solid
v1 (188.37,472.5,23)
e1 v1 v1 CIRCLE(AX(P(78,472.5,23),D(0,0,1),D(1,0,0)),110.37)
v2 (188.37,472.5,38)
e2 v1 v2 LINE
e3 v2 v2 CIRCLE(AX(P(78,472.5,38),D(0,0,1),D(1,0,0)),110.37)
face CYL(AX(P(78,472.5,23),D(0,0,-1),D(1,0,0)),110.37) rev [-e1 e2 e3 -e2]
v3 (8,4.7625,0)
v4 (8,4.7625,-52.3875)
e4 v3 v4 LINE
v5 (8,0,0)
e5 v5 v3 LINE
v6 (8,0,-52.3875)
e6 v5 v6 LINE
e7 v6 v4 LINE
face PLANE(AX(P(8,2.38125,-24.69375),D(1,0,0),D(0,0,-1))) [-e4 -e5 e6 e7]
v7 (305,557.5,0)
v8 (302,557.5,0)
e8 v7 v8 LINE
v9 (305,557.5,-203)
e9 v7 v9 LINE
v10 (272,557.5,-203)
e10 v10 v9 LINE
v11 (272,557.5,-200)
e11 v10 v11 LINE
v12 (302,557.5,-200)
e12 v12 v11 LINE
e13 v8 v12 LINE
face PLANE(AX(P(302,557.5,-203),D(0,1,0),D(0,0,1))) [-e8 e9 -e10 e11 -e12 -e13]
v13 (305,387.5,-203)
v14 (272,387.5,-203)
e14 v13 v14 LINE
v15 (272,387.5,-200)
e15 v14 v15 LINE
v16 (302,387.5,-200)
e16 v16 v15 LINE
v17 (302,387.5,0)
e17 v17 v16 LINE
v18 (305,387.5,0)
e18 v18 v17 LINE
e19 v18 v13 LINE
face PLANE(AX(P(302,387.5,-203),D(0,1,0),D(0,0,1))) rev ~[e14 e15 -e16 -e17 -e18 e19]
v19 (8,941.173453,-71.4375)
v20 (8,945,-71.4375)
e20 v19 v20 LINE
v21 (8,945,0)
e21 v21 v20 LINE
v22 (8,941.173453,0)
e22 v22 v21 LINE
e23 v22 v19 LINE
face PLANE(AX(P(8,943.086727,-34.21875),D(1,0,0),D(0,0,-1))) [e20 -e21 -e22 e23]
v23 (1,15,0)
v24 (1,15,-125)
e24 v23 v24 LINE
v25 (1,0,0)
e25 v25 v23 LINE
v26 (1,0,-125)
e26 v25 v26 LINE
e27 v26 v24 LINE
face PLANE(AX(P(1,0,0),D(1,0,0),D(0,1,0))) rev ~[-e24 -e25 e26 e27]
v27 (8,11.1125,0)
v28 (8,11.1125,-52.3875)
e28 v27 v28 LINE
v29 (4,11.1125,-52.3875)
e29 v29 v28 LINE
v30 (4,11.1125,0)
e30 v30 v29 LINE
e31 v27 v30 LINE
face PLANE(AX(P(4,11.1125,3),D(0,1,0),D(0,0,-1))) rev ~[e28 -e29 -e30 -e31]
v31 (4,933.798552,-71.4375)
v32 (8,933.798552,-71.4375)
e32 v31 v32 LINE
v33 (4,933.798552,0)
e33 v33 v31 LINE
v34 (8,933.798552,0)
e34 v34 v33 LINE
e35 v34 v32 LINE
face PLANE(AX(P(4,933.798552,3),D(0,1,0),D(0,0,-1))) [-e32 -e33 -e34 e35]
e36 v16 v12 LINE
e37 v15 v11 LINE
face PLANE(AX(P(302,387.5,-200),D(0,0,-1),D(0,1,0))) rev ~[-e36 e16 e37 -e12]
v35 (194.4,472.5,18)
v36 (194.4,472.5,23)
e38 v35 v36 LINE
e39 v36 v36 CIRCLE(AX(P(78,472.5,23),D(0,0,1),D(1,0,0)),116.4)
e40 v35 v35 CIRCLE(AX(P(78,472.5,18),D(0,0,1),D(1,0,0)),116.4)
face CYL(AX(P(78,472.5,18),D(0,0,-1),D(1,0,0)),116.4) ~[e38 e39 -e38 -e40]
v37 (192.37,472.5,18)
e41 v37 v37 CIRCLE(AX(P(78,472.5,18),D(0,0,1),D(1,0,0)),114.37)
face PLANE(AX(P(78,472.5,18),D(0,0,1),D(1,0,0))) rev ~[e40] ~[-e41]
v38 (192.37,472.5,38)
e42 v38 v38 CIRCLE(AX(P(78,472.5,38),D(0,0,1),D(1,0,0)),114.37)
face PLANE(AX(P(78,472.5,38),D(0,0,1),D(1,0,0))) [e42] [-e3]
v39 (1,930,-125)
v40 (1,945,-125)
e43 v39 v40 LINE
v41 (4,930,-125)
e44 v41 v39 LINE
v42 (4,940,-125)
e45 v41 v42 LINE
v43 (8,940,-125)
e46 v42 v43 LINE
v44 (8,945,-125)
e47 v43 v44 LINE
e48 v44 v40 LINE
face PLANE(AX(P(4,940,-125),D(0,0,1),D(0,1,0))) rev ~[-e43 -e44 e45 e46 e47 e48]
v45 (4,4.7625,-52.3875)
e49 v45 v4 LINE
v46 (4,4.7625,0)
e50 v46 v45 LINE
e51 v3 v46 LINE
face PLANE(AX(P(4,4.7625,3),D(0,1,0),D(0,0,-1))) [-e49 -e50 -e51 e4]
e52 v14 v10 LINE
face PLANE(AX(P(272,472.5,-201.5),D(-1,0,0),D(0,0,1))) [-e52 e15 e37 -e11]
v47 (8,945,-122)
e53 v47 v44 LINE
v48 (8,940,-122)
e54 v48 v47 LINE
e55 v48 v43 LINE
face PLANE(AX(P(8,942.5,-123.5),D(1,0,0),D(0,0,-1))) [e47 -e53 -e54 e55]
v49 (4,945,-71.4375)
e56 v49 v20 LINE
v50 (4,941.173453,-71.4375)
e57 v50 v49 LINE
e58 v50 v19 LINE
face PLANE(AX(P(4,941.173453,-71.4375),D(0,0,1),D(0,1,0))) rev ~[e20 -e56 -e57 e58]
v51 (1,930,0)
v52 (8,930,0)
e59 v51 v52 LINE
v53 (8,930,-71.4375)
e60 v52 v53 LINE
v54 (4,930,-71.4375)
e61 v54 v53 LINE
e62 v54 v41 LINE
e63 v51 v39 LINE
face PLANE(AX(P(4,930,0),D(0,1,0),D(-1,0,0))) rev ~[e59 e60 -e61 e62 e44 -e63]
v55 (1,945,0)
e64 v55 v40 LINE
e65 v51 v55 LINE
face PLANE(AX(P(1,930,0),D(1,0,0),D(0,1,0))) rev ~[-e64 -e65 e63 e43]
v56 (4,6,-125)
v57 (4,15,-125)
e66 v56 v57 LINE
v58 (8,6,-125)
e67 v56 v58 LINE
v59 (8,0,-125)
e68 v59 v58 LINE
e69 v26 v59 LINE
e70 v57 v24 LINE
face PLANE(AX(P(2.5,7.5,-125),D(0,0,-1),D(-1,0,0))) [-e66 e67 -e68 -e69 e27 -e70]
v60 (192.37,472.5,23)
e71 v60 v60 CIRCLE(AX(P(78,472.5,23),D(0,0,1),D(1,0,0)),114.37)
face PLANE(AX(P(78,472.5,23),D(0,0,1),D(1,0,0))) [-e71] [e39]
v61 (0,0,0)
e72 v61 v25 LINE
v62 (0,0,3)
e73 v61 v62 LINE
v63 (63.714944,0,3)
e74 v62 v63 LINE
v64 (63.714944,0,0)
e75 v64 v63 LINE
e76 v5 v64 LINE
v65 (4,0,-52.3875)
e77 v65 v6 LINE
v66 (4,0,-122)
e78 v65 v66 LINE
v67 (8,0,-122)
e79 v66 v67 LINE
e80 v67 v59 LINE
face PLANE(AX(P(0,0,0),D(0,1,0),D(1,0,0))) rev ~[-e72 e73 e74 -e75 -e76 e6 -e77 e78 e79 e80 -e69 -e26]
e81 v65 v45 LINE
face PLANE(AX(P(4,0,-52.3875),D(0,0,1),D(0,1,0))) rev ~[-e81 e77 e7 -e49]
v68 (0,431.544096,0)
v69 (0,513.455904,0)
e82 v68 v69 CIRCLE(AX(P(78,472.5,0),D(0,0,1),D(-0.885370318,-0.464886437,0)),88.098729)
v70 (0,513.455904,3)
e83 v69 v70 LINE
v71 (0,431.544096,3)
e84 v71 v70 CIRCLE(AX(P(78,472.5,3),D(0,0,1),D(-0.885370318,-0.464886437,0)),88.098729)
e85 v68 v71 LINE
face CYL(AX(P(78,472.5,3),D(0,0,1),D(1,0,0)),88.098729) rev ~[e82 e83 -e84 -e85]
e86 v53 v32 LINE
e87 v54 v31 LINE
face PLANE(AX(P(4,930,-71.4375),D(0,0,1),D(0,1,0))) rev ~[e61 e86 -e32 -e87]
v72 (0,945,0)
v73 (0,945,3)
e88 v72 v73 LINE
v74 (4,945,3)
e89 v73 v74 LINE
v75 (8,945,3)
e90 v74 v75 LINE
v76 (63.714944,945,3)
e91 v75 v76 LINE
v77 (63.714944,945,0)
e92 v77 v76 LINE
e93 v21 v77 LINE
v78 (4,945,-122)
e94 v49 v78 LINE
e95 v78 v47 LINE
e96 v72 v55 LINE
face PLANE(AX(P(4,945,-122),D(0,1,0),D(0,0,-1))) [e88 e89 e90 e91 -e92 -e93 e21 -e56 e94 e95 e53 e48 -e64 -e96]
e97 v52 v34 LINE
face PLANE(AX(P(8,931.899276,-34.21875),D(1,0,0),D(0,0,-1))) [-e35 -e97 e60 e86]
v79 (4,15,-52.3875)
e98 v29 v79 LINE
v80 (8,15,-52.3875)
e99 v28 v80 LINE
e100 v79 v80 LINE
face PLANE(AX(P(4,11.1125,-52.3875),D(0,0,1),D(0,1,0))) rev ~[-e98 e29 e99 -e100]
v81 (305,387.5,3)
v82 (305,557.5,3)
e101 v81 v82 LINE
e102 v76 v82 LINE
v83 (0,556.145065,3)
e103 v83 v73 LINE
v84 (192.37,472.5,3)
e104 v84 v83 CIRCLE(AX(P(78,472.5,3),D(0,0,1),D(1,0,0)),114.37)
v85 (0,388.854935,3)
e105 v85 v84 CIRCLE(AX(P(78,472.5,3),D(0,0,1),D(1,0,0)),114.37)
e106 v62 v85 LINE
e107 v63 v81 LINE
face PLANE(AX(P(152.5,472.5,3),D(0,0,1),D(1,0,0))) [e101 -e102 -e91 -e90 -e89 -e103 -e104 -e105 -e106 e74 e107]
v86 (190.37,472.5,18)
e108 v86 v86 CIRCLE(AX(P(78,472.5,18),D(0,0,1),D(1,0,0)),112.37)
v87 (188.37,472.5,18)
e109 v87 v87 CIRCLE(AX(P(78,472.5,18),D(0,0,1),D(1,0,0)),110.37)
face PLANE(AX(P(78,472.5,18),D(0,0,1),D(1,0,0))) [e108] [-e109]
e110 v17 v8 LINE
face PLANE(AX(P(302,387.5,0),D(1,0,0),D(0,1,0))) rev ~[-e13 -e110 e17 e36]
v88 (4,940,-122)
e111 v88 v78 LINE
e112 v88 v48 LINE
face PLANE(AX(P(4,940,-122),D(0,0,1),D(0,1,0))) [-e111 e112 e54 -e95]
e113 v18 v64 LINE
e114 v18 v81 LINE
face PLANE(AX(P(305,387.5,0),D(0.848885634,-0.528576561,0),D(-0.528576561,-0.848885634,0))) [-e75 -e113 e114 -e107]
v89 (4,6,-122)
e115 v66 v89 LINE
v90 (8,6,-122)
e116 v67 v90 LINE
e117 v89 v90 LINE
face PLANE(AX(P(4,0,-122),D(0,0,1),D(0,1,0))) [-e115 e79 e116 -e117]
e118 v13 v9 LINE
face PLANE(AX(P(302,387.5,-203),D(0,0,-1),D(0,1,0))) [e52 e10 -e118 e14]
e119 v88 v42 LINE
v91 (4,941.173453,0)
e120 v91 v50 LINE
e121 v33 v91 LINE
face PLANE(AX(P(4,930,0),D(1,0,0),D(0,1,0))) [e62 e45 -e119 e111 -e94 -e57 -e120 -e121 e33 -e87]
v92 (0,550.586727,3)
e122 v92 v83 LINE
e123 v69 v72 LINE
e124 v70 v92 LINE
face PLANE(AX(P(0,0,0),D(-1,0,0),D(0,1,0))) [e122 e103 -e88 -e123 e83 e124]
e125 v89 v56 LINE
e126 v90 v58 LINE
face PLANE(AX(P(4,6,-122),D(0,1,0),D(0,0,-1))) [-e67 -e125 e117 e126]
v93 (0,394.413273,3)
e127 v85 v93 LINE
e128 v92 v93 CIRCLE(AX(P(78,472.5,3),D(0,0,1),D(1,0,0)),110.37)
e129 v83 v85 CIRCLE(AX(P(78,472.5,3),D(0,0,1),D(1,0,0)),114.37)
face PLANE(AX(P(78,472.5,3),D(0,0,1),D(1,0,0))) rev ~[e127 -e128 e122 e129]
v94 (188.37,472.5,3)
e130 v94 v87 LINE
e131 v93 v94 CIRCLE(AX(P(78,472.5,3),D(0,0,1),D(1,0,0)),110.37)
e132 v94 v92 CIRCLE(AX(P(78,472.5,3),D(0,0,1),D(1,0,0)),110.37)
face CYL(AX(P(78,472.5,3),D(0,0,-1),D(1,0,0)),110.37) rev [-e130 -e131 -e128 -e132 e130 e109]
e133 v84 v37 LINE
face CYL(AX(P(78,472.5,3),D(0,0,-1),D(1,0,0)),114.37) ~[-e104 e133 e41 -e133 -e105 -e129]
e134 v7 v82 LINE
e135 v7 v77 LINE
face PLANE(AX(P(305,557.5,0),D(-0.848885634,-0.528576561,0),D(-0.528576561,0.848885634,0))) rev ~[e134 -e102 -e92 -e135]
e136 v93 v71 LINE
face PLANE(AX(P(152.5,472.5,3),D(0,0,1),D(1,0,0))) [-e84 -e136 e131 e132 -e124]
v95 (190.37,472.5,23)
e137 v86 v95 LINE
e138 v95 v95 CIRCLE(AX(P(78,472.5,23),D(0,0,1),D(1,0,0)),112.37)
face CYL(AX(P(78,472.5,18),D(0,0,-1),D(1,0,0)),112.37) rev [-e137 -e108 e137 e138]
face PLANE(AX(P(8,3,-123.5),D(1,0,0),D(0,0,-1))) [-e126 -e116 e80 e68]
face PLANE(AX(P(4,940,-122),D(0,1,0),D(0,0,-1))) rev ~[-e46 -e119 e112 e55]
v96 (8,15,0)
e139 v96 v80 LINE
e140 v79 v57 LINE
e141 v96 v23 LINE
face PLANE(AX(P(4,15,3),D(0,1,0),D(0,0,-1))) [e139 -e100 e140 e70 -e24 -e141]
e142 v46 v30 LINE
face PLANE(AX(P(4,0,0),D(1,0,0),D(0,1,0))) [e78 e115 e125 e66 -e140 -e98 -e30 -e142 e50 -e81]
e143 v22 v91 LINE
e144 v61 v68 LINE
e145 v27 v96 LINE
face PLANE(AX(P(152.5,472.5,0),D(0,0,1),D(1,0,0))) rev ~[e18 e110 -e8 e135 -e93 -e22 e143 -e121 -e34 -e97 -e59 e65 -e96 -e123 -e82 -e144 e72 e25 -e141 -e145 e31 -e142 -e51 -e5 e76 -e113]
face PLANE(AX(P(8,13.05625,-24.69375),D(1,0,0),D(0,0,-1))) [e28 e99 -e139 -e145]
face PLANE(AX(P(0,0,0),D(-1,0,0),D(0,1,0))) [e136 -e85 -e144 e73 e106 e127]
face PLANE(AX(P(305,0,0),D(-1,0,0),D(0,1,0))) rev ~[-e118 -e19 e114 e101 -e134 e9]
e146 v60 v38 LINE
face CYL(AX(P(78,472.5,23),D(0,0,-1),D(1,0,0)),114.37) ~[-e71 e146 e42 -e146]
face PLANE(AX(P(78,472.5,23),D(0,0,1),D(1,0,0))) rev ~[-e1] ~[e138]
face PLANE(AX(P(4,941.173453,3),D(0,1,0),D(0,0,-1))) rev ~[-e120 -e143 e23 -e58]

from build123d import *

# Parameters (mm, degrees)
SKETCH1_W       = 305
SKETCH1_H       = 945
EXTRUDE1_DEPTH  = 3
SKETCH2_R       = 114.37
SKETCH2_R_2     = 110.37
EXTRUDE2_DEPTH  = 15
SKETCH3_W       = 3
SKETCH3_H       = 15
EXTRUDE3_DEPTH  = 125
SKETCH4_W       = 3
SKETCH4_H       = 5
SKETCH4_H_2     = 6
SKETCH4_W_2     = 74.4375
SKETCH4_H_3     = 3.826546867
SKETCH4_H_4     = 3.798552334
SKETCH4_W_3     = 55.3875
SKETCH4_H_5     = 4.7625
SKETCH4_H_6     = 3.8875
EXTRUDE4_DEPTH  = 4
SKETCH5_W       = 3
SKETCH5_H       = 170
EXTRUDE5_DEPTH  = 203
SKETCH6_W       = 3
SKETCH6_H       = 170
EXTRUDE6_DEPTH  = 30
EXTRUDE7_DEPTH  = 19
SKETCH13_R      = 88.098729295
EXTRUDE10_DEPTH = 207
SKETCH22_R      = 116.4
SKETCH22_R_2    = 112.37
EXTRUDE17_DEPTH = 5
SKETCH23_R      = 114.37
SKETCH23_R_2    = 110.37
EXTRUDE18_DEPTH = 15


with BuildPart() as part:
    # Sketch1 → Extrude1 (new body)
    with BuildSketch(Plane.XY):
        with Locations((152.5, 472.5)):
            Rectangle(SKETCH1_W, SKETCH1_H)
    extrude(amount=EXTRUDE1_DEPTH)

    # Sketch2 → Extrude2 (add)
    with BuildSketch(Plane.XY.offset(3)):
        with Locations((78, 472.5)):
            Circle(SKETCH2_R)
        with Locations((78, 472.5)):
            Circle(SKETCH2_R_2, mode=Mode.SUBTRACT)
    extrude(amount=EXTRUDE2_DEPTH)

    # Sketch3 → Extrude3 (add)
    with BuildSketch(Plane(origin=(0, 0, 0), x_dir=(-1, 0, 0), z_dir=(0, 0, -1))):
        with Locations((-2.5, 937.5)):
            Rectangle(SKETCH3_W, SKETCH3_H)
        with Locations((-2.5, 7.5)):
            Rectangle(SKETCH3_W, SKETCH3_H)
    extrude(amount=EXTRUDE3_DEPTH)

    # Sketch4 → Extrude4 (add)
    with BuildSketch(Plane(origin=(4, 0, 0), x_dir=(0, 0, -1), z_dir=(1, 0, 0))):
        with Locations((123.5, 942.5)):
            Rectangle(SKETCH4_W, SKETCH4_H)
        with Locations((123.5, 3)):
            Rectangle(SKETCH4_W, SKETCH4_H_2)
        with Locations((34.21875, 943.086726567)):
            Rectangle(SKETCH4_W_2, SKETCH4_H_3)
        with Locations((34.21875, 931.899276167)):
            Rectangle(SKETCH4_W_2, SKETCH4_H_4)
        with Locations((24.69375, 2.38125)):
            Rectangle(SKETCH4_W_3, SKETCH4_H_5)
        with Locations((24.69375, 13.05625)):
            Rectangle(SKETCH4_W_3, SKETCH4_H_6)
    extrude(amount=EXTRUDE4_DEPTH)

    # Sketch5 → Extrude5 (add)
    with BuildSketch(Plane(origin=(0, 0, 0), x_dir=(-1, 0, 0), z_dir=(0, 0, -1))):
        with Locations((-303.5, 472.5)):
            Rectangle(SKETCH5_W, SKETCH5_H)
    extrude(amount=EXTRUDE5_DEPTH)

    # Sketch6 → Extrude6 (add)
    with BuildSketch(Plane.ZY.offset(-302)):
        with Locations((-201.5, 472.5)):
            Rectangle(SKETCH6_W, SKETCH6_H)
    extrude(amount=EXTRUDE6_DEPTH)

    # Sketch7 → Extrude7 (cut, through all)
    with BuildSketch(Plane(origin=(0, 0, 0), x_dir=(-1, 0, 0), z_dir=(0, 0, -1))):
        Polygon((-305, 557.5), (-63.714944106, 945), (-305, 945), align=None)
        Polygon((-305, 387.5), (-63.714944106, 0), (-305, 0), align=None)
    extrude(amount=-EXTRUDE7_DEPTH, mode=Mode.SUBTRACT)

    # Sketch13 → Extrude10 (cut, through all)
    with BuildSketch(Plane.XY.offset(3)):
        with Locations((78, 472.5)):
            Circle(SKETCH13_R)
    extrude(amount=-EXTRUDE10_DEPTH, mode=Mode.SUBTRACT)

    # Sketch22 → Extrude17 (add)
    with BuildSketch(Plane.XY.offset(18)):
        with Locations((78, 472.5)):
            Circle(SKETCH22_R)
        with Locations((78, 472.5)):
            Circle(SKETCH22_R_2, mode=Mode.SUBTRACT)
    extrude(amount=EXTRUDE17_DEPTH)

    # Sketch23 → Extrude18 (add)
    with BuildSketch(Plane.XY.offset(23)):
        with Locations((78, 472.5)):
            Circle(SKETCH23_R)
        with Locations((78, 472.5)):
            Circle(SKETCH23_R_2, mode=Mode.SUBTRACT)
    extrude(amount=EXTRUDE18_DEPTH)


solid = part.part
